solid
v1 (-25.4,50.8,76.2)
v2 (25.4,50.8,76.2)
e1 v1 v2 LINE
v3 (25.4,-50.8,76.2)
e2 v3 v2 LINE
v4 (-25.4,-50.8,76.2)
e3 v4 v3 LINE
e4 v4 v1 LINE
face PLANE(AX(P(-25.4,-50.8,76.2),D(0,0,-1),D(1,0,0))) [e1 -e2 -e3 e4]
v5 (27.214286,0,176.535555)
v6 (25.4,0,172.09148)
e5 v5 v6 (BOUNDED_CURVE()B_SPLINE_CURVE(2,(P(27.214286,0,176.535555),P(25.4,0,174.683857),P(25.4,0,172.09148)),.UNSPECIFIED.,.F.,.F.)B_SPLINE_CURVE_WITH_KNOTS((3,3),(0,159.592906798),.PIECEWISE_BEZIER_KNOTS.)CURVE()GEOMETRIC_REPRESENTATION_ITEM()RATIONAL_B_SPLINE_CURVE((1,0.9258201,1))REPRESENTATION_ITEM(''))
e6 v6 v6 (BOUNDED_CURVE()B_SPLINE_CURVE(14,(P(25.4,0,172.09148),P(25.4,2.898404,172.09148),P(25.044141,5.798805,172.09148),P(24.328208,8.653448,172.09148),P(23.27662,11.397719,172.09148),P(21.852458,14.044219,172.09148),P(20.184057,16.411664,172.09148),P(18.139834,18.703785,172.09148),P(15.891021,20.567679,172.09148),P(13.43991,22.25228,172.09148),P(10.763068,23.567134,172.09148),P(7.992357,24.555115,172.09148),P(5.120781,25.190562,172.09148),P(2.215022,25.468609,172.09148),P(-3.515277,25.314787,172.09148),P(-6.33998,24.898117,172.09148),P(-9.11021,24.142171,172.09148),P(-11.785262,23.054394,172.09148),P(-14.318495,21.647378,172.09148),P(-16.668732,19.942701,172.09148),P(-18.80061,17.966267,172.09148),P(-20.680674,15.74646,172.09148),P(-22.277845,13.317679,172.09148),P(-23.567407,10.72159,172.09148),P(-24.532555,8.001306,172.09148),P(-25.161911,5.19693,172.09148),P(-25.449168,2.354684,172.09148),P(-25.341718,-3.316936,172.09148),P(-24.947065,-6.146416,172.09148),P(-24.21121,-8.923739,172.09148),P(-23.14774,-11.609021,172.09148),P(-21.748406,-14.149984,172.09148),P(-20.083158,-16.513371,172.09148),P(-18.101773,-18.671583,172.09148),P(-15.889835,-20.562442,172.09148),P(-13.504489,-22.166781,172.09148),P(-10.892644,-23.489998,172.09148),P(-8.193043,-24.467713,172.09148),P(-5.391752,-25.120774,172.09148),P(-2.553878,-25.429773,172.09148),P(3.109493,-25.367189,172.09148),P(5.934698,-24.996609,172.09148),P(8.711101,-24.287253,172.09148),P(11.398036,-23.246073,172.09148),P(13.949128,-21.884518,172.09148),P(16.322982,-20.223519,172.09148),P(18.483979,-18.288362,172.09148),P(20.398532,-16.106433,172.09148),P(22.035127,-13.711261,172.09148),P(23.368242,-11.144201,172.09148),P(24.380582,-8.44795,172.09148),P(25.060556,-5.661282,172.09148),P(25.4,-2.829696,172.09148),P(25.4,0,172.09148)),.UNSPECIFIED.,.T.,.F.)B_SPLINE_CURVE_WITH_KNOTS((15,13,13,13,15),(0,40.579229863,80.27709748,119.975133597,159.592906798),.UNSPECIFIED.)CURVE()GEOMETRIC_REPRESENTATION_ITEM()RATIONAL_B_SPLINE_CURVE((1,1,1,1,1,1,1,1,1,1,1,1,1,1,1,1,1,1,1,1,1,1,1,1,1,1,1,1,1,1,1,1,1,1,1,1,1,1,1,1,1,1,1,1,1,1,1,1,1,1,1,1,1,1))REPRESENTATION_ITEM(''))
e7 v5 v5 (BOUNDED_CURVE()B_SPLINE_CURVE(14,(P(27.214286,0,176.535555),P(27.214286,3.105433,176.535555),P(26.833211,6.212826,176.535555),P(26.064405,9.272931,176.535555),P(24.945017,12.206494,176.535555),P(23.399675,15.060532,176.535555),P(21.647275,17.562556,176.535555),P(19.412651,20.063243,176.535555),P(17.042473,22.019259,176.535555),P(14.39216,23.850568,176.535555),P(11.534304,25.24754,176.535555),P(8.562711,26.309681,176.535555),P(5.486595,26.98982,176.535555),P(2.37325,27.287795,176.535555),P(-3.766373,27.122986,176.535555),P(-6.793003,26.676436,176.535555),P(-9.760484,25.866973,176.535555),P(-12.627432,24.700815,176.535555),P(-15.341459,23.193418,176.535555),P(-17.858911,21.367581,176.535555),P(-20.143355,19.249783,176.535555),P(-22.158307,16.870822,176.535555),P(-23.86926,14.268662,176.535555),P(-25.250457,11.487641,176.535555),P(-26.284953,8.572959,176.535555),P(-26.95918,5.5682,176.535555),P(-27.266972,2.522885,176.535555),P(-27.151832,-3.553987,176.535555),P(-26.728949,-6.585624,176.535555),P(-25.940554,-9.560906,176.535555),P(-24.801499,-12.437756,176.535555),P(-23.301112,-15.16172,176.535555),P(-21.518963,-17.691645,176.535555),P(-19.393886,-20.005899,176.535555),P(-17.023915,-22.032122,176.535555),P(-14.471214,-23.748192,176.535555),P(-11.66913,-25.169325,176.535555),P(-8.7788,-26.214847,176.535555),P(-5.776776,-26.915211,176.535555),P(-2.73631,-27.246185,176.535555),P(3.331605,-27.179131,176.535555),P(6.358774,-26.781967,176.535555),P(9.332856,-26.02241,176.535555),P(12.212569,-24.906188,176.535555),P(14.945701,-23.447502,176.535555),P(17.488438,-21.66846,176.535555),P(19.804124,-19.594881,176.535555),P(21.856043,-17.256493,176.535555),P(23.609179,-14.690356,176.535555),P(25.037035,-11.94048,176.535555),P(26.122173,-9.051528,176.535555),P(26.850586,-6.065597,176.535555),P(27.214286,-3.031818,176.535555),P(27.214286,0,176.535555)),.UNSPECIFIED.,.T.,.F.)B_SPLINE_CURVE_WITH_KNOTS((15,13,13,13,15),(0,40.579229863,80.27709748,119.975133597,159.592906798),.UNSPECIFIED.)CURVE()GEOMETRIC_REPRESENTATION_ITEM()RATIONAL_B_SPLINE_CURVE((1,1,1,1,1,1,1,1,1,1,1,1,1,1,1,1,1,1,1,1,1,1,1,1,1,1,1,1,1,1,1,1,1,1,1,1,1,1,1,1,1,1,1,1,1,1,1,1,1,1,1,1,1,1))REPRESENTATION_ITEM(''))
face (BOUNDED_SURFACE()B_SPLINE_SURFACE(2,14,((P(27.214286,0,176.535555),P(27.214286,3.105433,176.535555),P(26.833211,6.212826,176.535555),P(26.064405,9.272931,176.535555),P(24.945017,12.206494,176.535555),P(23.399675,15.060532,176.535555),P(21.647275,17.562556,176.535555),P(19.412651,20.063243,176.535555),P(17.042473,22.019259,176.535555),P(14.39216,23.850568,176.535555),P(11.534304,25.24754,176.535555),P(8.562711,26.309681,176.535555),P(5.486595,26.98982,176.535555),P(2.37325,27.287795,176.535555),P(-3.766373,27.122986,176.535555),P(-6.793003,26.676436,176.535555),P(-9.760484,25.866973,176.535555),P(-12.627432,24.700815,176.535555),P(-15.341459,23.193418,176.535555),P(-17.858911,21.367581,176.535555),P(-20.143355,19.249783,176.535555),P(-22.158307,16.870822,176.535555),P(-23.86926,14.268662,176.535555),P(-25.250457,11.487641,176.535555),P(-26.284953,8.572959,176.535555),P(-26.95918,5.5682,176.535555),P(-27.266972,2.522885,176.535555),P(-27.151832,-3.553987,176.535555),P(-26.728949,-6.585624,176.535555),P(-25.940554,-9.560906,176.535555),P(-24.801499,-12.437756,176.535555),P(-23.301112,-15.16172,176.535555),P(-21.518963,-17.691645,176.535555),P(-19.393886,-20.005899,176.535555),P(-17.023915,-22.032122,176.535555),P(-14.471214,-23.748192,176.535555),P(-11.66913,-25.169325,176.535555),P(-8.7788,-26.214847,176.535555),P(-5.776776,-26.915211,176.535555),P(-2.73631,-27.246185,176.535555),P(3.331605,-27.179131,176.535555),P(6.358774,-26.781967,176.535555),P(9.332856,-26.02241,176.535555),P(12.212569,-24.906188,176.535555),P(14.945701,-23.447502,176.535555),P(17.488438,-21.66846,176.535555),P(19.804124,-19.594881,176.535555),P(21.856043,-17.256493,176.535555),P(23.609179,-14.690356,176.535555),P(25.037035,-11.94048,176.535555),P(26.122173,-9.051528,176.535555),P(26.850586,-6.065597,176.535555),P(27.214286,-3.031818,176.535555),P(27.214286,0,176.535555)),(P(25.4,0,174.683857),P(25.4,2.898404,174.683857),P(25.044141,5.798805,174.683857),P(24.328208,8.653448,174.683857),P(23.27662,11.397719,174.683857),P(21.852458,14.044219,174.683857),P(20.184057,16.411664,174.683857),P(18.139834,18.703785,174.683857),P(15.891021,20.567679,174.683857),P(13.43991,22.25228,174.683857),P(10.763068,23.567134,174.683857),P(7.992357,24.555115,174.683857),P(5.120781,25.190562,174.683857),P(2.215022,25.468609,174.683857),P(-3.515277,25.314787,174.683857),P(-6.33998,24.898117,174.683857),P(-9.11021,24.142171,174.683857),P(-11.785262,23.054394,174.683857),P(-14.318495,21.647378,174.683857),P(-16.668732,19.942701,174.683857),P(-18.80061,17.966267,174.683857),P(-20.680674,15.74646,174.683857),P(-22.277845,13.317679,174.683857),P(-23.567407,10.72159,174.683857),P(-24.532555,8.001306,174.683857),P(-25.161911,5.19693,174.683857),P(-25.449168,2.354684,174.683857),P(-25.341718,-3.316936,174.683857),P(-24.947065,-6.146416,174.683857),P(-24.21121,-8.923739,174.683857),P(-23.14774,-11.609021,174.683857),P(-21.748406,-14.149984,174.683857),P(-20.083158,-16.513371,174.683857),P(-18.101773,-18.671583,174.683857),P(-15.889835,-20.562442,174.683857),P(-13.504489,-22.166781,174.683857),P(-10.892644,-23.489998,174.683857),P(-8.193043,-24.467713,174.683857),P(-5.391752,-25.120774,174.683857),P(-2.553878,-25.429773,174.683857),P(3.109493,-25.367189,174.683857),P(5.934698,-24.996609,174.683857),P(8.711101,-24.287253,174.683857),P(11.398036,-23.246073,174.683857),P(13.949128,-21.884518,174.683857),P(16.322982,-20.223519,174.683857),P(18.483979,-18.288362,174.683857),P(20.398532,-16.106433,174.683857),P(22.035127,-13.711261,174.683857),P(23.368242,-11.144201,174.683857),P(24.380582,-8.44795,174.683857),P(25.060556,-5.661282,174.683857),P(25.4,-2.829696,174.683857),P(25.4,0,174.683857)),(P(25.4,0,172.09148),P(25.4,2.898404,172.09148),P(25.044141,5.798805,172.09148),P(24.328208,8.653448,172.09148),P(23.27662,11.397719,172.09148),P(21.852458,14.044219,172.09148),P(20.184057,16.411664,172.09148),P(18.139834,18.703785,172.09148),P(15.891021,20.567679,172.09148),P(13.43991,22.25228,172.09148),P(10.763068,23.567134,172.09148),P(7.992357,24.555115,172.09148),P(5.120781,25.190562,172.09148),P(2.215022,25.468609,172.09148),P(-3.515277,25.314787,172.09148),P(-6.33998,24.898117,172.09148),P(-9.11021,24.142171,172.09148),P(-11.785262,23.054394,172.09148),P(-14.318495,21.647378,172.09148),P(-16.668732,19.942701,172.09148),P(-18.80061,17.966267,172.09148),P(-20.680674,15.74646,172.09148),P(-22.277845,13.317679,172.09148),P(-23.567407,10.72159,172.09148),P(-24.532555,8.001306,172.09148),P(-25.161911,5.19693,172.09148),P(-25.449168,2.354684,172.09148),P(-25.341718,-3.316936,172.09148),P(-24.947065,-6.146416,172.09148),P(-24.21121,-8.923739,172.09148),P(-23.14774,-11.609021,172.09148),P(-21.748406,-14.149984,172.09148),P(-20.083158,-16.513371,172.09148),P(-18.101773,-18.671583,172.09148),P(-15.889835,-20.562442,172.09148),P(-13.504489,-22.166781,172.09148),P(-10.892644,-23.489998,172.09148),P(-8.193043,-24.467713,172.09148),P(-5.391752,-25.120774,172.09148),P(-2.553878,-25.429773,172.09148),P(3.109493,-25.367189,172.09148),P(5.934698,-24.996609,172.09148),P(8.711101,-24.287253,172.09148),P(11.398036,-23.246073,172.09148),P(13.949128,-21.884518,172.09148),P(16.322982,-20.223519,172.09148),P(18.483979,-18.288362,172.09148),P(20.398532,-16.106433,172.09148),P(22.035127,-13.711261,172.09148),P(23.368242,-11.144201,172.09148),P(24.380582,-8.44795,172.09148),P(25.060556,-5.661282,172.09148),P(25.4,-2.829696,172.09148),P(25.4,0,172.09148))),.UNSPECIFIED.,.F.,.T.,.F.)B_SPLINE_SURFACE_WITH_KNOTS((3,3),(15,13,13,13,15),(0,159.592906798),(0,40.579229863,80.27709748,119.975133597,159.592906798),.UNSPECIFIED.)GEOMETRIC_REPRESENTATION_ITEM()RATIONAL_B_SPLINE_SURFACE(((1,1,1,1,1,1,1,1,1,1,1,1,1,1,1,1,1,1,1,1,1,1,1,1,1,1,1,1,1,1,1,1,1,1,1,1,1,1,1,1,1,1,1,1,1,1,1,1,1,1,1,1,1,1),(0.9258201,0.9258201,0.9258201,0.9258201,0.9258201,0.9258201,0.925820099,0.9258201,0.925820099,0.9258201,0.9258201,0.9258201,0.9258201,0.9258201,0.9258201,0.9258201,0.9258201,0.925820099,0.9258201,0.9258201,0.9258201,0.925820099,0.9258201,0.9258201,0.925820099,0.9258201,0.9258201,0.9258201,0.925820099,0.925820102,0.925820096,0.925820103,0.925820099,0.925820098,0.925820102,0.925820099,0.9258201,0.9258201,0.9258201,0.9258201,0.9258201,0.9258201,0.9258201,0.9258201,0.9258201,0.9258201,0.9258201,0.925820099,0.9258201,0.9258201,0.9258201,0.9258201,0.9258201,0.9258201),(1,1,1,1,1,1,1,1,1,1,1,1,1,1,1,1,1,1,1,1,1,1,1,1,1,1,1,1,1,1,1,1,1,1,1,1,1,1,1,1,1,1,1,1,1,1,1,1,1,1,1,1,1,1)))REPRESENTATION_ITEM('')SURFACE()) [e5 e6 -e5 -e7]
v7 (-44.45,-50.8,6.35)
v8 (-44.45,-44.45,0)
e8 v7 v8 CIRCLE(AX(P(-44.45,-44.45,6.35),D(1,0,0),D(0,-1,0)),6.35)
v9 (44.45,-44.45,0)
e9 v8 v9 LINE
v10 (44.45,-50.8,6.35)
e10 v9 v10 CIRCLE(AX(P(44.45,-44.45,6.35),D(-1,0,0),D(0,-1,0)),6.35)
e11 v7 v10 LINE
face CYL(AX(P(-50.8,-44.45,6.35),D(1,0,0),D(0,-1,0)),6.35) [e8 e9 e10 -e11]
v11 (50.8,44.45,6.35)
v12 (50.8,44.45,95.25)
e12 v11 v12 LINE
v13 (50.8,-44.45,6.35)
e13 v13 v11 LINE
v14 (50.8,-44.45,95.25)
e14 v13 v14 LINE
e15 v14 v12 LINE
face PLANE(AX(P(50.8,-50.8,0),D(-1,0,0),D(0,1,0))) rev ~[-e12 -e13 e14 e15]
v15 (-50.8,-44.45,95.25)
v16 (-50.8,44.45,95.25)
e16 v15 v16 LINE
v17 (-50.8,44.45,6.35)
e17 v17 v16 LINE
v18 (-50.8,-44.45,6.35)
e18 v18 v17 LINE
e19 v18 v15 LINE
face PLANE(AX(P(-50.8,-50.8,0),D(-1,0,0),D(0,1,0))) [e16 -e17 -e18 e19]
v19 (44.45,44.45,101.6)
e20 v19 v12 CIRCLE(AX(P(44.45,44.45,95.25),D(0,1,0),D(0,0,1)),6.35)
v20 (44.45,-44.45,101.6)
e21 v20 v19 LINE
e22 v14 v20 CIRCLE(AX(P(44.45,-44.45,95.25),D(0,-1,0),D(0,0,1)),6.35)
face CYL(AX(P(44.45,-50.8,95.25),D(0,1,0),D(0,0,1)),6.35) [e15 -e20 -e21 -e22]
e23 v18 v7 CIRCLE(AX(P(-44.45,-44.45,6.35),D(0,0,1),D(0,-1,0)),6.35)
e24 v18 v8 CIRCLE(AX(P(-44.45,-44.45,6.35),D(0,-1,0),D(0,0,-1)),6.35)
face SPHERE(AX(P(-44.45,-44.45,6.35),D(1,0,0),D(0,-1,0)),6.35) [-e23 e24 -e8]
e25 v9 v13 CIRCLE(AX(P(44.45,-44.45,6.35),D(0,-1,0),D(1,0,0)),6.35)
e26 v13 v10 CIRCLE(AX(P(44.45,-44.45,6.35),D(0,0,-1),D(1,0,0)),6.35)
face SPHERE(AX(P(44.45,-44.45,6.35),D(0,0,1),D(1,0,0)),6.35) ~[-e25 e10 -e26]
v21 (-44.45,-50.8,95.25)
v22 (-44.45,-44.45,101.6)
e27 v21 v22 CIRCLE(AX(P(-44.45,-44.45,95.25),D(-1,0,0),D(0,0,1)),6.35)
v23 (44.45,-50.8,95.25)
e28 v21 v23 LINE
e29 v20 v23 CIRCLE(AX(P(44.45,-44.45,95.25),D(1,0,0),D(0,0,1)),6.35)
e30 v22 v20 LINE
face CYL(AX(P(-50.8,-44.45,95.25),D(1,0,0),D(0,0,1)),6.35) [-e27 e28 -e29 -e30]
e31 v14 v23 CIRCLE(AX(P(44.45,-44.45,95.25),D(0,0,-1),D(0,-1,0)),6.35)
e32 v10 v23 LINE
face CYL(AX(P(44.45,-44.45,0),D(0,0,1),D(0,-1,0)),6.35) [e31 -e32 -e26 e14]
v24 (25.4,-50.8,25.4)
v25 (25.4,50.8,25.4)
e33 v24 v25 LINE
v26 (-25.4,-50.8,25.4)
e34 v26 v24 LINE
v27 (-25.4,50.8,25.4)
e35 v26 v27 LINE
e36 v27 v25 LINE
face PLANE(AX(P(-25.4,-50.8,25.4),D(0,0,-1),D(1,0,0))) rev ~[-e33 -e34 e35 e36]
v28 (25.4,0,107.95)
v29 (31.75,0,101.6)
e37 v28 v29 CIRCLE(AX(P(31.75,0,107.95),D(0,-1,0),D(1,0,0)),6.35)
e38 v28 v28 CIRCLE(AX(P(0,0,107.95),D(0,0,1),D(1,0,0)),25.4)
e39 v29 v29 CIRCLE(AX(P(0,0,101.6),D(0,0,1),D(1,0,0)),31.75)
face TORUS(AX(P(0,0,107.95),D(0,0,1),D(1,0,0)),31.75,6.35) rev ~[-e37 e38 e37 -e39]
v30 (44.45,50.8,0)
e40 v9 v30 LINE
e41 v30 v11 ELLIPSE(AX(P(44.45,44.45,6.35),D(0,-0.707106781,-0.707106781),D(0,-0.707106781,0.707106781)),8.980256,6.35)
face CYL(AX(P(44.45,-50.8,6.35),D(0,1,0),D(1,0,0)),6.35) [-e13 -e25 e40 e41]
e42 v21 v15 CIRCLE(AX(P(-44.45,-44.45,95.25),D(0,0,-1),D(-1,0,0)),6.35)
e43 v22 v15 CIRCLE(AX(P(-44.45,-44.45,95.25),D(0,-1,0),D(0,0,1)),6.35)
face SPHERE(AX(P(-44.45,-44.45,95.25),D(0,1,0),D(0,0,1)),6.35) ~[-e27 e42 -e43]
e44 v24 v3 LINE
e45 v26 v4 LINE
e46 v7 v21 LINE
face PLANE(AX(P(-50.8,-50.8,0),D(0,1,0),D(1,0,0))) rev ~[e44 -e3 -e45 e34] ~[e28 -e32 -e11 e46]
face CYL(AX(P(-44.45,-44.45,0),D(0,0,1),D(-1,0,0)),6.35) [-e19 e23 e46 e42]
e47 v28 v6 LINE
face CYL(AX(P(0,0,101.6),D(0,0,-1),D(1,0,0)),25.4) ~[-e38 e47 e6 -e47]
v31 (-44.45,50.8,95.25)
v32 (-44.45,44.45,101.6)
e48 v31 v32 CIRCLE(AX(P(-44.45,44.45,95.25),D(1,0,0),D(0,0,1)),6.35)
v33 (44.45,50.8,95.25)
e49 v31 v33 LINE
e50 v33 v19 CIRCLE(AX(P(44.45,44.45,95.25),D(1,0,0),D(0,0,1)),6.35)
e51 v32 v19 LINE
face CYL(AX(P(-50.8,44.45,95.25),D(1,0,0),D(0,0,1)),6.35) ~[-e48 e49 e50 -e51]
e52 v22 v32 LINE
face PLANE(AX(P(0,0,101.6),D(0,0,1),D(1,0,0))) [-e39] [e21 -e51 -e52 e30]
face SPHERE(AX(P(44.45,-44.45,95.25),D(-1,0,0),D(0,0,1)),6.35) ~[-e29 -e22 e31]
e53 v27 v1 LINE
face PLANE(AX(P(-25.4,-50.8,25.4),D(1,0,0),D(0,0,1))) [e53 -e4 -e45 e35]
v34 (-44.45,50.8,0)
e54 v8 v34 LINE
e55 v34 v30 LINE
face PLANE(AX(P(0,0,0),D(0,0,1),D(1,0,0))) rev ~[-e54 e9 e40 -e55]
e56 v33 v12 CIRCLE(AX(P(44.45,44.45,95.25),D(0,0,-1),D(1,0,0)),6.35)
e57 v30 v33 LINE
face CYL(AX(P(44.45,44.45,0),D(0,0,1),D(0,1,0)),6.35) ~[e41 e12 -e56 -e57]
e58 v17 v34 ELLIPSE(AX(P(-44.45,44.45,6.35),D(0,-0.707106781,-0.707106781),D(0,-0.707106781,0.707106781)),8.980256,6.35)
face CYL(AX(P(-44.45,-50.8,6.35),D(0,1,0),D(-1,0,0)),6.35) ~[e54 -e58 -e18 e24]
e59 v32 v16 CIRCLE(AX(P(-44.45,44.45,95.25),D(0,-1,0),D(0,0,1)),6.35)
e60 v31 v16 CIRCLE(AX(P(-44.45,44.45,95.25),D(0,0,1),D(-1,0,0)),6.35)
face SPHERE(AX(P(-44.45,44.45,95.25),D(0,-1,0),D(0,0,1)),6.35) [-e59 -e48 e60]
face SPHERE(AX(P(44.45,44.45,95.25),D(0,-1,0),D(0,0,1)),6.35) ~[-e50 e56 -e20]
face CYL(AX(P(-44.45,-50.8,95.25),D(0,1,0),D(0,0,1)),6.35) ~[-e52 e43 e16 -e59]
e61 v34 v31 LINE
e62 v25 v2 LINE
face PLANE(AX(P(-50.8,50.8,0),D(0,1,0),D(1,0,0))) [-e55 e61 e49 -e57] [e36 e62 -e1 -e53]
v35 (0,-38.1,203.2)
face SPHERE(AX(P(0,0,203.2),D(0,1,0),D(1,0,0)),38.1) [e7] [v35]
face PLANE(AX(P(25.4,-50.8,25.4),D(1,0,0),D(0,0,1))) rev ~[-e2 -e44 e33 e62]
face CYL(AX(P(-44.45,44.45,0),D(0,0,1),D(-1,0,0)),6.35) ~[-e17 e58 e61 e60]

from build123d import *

# Parameters (mm, degrees)
F0_W     = 101.6
F0_H     = 101.6
F1_DEPTH = 101.6
F2_R     = 25.4
F3_DEPTH = 101.6
F6_W     = 50.8
F6_H     = 50.8
F7_DEPTH = 101.6
F8_R     = 6.35


with BuildPart() as f1:
    # F0 (on Top) → F1 (new body)
    with BuildSketch(Plane.XY):
        Rectangle(F0_W, F0_H)
    extrude(amount=F1_DEPTH)

    # F2 (on face) → F3 (join)
    with BuildSketch(Plane.XY.offset(101.6)):
        Circle(F2_R)
    extrude(amount=F3_DEPTH)

    # F4 (on face) → F5 (revolve)
    with BuildSketch(Plane.XY.offset(203.2)):
        with BuildLine():
            Line((0, -25.4), (0, -38.1))
            ThreePointArc((0, -38.1), (38.1, 0), (0, 38.1))
            Line((0, 38.1), (0, 25.4))
            ThreePointArc((0, 25.4), (17.960512, 17.960512), (25.4, 0))
            ThreePointArc((25.4, 0), (17.960512, -17.960512), (0, -25.4))
        make_face()
        with BuildLine():
            ThreePointArc((0, 25.4), (-25.4, 0), (0, -25.4))
            Line((0, -25.4), (0, 0))
            Line((0, 0), (0, 25.4))
        make_face()
    revolve(axis=Axis((0, -19.05, 203.2), (0, 1, 0)))

    # F6 (on face) → F7 (cut)
    with BuildSketch(Plane.XZ.offset(50.8)):
        with Locations((0, 50.8)):
            Rectangle(F6_W, F6_H)
    extrude(amount=-F7_DEPTH, mode=Mode.SUBTRACT)

    # F8
    f8_edges = [f1.edges().sort_by_distance(p)[0] for p in [
        (-50.8, 0, 101.6),
        (0, -50.8, 101.6),
        (50.8, 0, 101.6),
        (0, 50.8, 101.6),
        (50.8, 50.8, 50.8),
        (50.8, -50.8, 50.8),
        (50.8, 0, 0),
        (0, -50.8, 0),
        (-50.8, -50.8, 50.8),
        (-50.8, 50.8, 50.8),
        (-50.8, 0, 0),
        (-25.4, 0, 101.6),
        (25.4, 0, 138.200968),
        (-25.4, 0, 174.801937),
    ]]
    fillet(f8_edges, radius=F8_R)


solid = f1.part
